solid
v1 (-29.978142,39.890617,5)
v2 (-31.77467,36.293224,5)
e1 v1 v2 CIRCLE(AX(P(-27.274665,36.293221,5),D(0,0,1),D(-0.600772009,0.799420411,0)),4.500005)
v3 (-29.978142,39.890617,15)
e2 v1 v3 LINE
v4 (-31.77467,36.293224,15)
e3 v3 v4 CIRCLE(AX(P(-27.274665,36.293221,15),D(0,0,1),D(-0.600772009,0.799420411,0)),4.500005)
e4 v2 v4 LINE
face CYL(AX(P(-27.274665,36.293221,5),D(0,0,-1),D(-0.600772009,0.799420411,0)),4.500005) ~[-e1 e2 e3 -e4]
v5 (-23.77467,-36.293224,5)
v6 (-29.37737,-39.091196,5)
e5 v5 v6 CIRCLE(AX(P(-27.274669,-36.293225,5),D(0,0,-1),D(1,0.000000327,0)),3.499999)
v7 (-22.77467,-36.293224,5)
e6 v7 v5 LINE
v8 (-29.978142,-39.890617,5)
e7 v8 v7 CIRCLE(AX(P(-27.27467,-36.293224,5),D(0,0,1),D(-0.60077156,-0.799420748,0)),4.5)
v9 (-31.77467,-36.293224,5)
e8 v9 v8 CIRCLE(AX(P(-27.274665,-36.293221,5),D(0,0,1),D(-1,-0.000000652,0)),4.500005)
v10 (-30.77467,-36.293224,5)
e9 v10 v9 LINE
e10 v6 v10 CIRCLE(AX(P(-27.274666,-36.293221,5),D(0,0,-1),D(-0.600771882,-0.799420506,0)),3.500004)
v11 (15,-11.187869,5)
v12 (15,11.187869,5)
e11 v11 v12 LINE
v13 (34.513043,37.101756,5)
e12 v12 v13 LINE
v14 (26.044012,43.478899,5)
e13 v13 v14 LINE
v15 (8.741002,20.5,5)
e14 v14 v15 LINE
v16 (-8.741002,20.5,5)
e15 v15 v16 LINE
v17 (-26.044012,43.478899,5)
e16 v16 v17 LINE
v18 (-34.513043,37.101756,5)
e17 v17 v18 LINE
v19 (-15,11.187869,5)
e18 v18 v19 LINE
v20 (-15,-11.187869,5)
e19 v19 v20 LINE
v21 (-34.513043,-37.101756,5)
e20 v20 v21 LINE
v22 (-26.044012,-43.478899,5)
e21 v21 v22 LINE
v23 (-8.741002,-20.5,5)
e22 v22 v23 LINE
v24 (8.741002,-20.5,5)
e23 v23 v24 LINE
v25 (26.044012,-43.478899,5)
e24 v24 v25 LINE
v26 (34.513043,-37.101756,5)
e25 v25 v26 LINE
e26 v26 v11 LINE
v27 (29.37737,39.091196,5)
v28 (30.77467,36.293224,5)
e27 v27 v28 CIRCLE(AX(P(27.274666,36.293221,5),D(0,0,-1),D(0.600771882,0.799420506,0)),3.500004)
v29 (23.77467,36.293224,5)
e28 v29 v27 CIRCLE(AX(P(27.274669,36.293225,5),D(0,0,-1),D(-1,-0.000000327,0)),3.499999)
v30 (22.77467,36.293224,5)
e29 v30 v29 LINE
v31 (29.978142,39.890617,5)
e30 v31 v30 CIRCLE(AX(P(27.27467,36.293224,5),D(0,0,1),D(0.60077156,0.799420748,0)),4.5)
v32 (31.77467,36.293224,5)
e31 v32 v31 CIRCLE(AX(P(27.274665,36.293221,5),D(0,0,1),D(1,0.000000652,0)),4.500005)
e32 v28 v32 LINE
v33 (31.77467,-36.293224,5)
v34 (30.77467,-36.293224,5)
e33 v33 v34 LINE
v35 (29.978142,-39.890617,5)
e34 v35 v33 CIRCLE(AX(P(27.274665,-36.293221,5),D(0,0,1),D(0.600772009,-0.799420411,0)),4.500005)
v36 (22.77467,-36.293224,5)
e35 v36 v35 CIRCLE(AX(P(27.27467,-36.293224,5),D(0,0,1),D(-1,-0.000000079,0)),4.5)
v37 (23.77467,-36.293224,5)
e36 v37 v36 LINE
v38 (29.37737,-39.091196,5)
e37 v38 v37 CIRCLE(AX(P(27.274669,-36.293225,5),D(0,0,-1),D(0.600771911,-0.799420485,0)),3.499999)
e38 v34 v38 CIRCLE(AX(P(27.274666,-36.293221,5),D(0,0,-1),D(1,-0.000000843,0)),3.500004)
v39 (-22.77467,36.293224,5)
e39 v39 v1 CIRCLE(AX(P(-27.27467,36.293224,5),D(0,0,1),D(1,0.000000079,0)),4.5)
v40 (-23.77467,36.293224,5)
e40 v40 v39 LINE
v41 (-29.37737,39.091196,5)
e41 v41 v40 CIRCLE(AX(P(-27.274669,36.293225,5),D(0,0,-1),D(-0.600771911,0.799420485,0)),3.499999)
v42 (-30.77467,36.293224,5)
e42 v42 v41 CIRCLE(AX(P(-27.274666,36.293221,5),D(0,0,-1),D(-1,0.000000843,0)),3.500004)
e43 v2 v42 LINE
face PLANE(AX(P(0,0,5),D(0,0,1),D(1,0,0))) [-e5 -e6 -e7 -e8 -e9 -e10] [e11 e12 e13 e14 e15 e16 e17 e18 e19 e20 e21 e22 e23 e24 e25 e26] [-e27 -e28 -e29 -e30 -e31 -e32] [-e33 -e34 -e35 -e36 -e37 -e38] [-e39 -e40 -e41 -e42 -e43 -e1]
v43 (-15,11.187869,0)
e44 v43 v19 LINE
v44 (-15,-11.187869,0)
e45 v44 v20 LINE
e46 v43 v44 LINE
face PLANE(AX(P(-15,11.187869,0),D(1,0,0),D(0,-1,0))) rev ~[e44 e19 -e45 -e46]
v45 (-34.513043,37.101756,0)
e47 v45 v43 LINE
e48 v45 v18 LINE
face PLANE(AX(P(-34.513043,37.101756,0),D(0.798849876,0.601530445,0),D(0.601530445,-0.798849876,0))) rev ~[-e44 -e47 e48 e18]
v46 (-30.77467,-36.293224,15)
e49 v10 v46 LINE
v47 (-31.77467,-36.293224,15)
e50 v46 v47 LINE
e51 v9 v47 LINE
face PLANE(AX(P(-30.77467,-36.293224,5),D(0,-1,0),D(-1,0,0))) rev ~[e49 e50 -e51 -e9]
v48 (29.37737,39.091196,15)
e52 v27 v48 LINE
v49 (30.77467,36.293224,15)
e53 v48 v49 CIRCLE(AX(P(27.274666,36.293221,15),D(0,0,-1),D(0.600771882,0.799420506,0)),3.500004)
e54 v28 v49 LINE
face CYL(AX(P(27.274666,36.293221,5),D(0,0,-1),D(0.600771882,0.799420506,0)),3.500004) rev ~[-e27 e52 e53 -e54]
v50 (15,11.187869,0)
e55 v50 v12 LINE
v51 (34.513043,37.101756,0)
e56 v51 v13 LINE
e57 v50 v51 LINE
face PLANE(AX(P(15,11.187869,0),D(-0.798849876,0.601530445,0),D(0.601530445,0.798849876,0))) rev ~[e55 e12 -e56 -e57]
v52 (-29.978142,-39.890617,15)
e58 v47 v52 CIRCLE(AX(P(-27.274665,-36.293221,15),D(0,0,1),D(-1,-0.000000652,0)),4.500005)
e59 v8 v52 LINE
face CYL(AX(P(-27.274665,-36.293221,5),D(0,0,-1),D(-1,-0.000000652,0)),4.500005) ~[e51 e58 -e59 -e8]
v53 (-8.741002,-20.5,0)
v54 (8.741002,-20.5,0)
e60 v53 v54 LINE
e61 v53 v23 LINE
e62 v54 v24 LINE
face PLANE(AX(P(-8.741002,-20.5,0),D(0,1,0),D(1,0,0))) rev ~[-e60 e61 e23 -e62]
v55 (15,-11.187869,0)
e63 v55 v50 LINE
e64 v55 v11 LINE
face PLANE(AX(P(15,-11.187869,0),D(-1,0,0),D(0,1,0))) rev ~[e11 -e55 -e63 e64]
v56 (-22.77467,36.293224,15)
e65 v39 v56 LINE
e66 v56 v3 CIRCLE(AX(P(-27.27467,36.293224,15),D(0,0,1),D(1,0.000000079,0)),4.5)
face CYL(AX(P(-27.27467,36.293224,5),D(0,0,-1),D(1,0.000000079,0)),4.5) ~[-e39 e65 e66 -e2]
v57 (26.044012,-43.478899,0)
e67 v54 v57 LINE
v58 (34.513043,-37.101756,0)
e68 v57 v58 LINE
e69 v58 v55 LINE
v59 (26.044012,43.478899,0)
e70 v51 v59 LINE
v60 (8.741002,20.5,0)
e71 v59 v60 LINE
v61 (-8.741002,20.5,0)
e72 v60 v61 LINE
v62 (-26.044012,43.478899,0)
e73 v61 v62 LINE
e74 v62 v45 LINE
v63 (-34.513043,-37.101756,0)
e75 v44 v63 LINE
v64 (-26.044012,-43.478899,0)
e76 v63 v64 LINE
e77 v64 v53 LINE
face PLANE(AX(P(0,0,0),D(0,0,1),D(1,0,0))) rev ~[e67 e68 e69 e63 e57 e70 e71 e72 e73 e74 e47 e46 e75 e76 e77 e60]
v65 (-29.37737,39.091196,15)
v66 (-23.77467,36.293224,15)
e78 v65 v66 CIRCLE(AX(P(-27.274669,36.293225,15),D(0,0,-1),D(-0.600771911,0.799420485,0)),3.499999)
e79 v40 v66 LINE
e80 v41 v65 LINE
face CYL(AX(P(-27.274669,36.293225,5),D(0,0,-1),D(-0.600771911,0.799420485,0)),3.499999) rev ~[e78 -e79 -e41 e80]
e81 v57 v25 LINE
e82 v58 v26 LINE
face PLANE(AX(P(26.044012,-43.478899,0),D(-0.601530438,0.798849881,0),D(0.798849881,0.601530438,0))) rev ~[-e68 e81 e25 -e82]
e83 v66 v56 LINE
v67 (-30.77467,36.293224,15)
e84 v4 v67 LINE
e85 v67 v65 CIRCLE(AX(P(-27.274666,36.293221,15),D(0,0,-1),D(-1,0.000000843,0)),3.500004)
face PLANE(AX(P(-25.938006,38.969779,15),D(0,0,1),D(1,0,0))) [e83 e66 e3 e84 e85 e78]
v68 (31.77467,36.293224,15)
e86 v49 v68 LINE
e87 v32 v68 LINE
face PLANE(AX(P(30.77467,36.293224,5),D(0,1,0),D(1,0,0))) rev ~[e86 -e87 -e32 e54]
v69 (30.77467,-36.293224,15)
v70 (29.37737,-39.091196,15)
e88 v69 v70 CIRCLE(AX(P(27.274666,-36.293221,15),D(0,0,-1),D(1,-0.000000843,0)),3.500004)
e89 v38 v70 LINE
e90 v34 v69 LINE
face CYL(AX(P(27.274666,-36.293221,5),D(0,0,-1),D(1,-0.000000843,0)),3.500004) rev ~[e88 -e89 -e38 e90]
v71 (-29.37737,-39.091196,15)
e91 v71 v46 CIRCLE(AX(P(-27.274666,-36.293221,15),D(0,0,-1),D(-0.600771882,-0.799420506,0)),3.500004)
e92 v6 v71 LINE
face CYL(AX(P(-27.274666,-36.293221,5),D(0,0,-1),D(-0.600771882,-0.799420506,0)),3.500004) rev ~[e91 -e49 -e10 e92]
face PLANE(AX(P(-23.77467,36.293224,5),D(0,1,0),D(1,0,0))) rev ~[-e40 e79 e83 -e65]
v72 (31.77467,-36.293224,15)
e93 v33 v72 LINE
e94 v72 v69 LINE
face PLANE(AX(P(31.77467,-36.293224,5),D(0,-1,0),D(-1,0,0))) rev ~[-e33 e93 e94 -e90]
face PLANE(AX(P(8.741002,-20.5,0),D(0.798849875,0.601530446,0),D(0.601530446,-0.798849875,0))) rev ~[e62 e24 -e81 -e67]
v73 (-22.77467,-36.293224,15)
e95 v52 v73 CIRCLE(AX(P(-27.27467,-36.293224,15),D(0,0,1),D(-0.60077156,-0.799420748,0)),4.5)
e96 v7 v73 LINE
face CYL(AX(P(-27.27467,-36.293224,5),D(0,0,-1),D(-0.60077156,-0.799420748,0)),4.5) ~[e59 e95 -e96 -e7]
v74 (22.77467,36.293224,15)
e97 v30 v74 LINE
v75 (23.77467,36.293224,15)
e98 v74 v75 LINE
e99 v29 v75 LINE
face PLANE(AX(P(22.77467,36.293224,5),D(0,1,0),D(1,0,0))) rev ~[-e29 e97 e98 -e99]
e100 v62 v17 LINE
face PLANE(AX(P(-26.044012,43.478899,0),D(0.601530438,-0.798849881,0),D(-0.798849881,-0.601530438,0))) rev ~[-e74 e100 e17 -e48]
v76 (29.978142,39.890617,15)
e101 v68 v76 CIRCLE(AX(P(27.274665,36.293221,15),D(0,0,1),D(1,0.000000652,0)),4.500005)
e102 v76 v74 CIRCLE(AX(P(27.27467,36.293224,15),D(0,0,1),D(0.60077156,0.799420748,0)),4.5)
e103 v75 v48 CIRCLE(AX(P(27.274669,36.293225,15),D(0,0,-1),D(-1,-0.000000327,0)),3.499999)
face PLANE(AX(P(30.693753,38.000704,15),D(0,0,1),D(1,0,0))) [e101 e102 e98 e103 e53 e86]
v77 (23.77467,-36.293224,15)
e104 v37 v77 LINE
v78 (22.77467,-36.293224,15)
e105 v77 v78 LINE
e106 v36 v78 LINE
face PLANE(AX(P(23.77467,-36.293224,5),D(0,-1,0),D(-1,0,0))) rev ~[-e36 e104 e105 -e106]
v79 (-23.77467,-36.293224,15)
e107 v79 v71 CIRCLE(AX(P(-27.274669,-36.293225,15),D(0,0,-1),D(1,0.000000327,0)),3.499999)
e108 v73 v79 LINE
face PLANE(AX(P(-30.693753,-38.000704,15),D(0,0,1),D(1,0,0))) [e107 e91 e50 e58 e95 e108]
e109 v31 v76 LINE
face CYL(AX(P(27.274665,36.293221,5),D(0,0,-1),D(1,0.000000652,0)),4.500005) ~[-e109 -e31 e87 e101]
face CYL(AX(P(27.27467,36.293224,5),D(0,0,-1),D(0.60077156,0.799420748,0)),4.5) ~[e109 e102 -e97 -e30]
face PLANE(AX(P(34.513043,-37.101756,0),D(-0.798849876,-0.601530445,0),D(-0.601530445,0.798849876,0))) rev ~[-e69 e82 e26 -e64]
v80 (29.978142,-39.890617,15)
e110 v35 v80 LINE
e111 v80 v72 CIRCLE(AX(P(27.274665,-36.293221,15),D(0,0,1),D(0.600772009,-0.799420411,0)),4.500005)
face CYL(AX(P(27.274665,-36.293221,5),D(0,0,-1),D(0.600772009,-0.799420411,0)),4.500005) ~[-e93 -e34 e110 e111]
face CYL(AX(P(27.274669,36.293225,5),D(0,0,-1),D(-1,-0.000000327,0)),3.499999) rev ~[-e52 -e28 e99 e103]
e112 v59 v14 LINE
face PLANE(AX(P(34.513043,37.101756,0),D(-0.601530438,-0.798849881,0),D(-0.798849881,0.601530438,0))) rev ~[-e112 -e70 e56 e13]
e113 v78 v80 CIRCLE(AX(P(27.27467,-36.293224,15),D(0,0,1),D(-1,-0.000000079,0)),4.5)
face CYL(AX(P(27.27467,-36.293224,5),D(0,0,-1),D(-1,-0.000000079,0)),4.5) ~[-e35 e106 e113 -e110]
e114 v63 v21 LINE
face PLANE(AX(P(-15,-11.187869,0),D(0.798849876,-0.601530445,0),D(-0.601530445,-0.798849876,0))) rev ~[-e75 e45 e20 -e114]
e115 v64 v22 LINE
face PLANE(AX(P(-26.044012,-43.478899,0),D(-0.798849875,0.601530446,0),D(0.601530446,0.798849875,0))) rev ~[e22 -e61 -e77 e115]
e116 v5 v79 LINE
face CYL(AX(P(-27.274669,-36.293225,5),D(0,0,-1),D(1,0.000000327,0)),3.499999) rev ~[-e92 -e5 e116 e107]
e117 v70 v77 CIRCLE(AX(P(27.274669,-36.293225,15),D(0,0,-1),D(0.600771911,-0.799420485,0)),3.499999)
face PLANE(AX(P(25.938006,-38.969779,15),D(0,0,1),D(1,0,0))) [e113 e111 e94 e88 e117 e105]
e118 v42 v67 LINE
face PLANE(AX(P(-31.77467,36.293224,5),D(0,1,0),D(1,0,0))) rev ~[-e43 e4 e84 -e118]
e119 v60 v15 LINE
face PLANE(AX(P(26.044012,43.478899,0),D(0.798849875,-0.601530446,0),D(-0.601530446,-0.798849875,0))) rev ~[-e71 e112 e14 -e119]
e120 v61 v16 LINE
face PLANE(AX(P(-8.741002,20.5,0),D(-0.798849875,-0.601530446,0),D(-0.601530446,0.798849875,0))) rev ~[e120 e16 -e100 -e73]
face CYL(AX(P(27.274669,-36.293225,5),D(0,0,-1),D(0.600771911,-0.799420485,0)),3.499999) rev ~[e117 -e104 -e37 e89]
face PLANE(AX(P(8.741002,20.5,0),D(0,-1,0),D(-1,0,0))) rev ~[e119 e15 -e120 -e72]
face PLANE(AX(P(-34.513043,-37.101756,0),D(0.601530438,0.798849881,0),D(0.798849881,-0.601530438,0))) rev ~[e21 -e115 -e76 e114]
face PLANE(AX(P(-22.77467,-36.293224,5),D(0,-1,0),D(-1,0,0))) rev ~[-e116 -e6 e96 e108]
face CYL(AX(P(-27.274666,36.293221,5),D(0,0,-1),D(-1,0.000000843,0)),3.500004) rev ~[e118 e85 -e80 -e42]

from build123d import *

# Parameters (mm, degrees)
F1_DEPTH = 5
F3_DEPTH = 10


with BuildPart() as f1:
    # F0 (on Top) → F1 (new body)
    with BuildSketch(Plane.XY):
        Polygon((15, 11.187869), (15, 20.5), (8.741002, 20.5), (-8.741002, 20.5), (-15, 20.5), (-15, 11.187869), (-15, -11.187869), (-15, -20.5), (-8.741002, -20.5), (8.741002, -20.5), (15, -20.5), (15, -11.187869), align=None)
        Polygon((8.741002, 20.5), (15, 20.5), (15, 11.187869), (34.513043, 37.101756), (26.044012, 43.478899), align=None)
        Polygon((-15, 20.5), (-8.741002, 20.5), (-26.044012, 43.478899), (-34.513043, 37.101756), (-15, 11.187869), align=None)
        Polygon((34.513043, -37.101756), (15, -11.187869), (15, -20.5), (8.741002, -20.5), (26.044012, -43.478899), align=None)
        Polygon((-15, -20.5), (-15, -11.187869), (-34.513043, -37.101756), (-26.044012, -43.478899), (-8.741002, -20.5), align=None)
    extrude(amount=F1_DEPTH)

    # F2 (on face) → F3 (join)
    with BuildSketch(Plane.XY.offset(5)):
        with BuildLine():
            Line((-23.77467, 36.293224), (-22.77467, 36.293224))
            ThreePointArc((-22.77467, 36.293224), (-25.26415, 40.319116), (-29.978142, 39.890617))
            Line((-29.978142, 39.890617), (-29.37737, 39.091196))
            ThreePointArc((-29.37737, 39.091196), (-25.710932, 39.424474), (-23.77467, 36.293224))
        make_face()
        with BuildLine():
            ThreePointArc((29.37737, 39.091196), (30.405919, 37.856961), (30.77467, 36.293224))
            Line((30.77467, 36.293224), (31.77467, 36.293224))
            ThreePointArc((31.77467, 36.293224), (31.300562, 38.303743), (29.978142, 39.890617))
            Line((29.978142, 39.890617), (29.37737, 39.091196))
        make_face()
        with BuildLine():
            Line((22.77467, 36.293224), (23.77467, 36.293224))
            ThreePointArc((23.77467, 36.293224), (25.710932, 39.424474), (29.37737, 39.091196))
            Line((29.37737, 39.091196), (29.978142, 39.890617))
            ThreePointArc((29.978142, 39.890617), (25.26415, 40.319116), (22.77467, 36.293224))
        make_face()
        with BuildLine():
            ThreePointArc((29.37737, -39.091196), (25.710932, -39.424474), (23.77467, -36.293224))
            Line((23.77467, -36.293224), (22.77467, -36.293224))
            ThreePointArc((22.77467, -36.293224), (25.26415, -40.319116), (29.978142, -39.890617))
            Line((29.978142, -39.890617), (29.37737, -39.091196))
        make_face()
        with BuildLine():
            Line((31.77467, -36.293224), (30.77467, -36.293224))
            ThreePointArc((30.77467, -36.293224), (30.405919, -37.856961), (29.37737, -39.091196))
            Line((29.37737, -39.091196), (29.978142, -39.890617))
            ThreePointArc((29.978142, -39.890617), (31.300562, -38.303743), (31.77467, -36.293224))
        make_face()
        with BuildLine():
            ThreePointArc((-29.37737, -39.091196), (-30.405919, -37.856961), (-30.77467, -36.293224))
            Line((-30.77467, -36.293224), (-31.77467, -36.293224))
            ThreePointArc((-31.77467, -36.293224), (-31.300562, -38.303743), (-29.978142, -39.890617))
            Line((-29.978142, -39.890617), (-29.37737, -39.091196))
        make_face()
        with BuildLine():
            Line((-22.77467, -36.293224), (-23.77467, -36.293224))
            ThreePointArc((-23.77467, -36.293224), (-25.710932, -39.424474), (-29.37737, -39.091196))
            Line((-29.37737, -39.091196), (-29.978142, -39.890617))
            ThreePointArc((-29.978142, -39.890617), (-25.26415, -40.319116), (-22.77467, -36.293224))
        make_face()
        with BuildLine():
            ThreePointArc((-29.978142, 39.890617), (-31.300562, 38.303743), (-31.77467, 36.293224))
            Line((-31.77467, 36.293224), (-30.77467, 36.293224))
            ThreePointArc((-30.77467, 36.293224), (-30.405919, 37.856961), (-29.37737, 39.091196))
            Line((-29.37737, 39.091196), (-29.978142, 39.890617))
        make_face()
    extrude(amount=F3_DEPTH)


solid = f1.part
